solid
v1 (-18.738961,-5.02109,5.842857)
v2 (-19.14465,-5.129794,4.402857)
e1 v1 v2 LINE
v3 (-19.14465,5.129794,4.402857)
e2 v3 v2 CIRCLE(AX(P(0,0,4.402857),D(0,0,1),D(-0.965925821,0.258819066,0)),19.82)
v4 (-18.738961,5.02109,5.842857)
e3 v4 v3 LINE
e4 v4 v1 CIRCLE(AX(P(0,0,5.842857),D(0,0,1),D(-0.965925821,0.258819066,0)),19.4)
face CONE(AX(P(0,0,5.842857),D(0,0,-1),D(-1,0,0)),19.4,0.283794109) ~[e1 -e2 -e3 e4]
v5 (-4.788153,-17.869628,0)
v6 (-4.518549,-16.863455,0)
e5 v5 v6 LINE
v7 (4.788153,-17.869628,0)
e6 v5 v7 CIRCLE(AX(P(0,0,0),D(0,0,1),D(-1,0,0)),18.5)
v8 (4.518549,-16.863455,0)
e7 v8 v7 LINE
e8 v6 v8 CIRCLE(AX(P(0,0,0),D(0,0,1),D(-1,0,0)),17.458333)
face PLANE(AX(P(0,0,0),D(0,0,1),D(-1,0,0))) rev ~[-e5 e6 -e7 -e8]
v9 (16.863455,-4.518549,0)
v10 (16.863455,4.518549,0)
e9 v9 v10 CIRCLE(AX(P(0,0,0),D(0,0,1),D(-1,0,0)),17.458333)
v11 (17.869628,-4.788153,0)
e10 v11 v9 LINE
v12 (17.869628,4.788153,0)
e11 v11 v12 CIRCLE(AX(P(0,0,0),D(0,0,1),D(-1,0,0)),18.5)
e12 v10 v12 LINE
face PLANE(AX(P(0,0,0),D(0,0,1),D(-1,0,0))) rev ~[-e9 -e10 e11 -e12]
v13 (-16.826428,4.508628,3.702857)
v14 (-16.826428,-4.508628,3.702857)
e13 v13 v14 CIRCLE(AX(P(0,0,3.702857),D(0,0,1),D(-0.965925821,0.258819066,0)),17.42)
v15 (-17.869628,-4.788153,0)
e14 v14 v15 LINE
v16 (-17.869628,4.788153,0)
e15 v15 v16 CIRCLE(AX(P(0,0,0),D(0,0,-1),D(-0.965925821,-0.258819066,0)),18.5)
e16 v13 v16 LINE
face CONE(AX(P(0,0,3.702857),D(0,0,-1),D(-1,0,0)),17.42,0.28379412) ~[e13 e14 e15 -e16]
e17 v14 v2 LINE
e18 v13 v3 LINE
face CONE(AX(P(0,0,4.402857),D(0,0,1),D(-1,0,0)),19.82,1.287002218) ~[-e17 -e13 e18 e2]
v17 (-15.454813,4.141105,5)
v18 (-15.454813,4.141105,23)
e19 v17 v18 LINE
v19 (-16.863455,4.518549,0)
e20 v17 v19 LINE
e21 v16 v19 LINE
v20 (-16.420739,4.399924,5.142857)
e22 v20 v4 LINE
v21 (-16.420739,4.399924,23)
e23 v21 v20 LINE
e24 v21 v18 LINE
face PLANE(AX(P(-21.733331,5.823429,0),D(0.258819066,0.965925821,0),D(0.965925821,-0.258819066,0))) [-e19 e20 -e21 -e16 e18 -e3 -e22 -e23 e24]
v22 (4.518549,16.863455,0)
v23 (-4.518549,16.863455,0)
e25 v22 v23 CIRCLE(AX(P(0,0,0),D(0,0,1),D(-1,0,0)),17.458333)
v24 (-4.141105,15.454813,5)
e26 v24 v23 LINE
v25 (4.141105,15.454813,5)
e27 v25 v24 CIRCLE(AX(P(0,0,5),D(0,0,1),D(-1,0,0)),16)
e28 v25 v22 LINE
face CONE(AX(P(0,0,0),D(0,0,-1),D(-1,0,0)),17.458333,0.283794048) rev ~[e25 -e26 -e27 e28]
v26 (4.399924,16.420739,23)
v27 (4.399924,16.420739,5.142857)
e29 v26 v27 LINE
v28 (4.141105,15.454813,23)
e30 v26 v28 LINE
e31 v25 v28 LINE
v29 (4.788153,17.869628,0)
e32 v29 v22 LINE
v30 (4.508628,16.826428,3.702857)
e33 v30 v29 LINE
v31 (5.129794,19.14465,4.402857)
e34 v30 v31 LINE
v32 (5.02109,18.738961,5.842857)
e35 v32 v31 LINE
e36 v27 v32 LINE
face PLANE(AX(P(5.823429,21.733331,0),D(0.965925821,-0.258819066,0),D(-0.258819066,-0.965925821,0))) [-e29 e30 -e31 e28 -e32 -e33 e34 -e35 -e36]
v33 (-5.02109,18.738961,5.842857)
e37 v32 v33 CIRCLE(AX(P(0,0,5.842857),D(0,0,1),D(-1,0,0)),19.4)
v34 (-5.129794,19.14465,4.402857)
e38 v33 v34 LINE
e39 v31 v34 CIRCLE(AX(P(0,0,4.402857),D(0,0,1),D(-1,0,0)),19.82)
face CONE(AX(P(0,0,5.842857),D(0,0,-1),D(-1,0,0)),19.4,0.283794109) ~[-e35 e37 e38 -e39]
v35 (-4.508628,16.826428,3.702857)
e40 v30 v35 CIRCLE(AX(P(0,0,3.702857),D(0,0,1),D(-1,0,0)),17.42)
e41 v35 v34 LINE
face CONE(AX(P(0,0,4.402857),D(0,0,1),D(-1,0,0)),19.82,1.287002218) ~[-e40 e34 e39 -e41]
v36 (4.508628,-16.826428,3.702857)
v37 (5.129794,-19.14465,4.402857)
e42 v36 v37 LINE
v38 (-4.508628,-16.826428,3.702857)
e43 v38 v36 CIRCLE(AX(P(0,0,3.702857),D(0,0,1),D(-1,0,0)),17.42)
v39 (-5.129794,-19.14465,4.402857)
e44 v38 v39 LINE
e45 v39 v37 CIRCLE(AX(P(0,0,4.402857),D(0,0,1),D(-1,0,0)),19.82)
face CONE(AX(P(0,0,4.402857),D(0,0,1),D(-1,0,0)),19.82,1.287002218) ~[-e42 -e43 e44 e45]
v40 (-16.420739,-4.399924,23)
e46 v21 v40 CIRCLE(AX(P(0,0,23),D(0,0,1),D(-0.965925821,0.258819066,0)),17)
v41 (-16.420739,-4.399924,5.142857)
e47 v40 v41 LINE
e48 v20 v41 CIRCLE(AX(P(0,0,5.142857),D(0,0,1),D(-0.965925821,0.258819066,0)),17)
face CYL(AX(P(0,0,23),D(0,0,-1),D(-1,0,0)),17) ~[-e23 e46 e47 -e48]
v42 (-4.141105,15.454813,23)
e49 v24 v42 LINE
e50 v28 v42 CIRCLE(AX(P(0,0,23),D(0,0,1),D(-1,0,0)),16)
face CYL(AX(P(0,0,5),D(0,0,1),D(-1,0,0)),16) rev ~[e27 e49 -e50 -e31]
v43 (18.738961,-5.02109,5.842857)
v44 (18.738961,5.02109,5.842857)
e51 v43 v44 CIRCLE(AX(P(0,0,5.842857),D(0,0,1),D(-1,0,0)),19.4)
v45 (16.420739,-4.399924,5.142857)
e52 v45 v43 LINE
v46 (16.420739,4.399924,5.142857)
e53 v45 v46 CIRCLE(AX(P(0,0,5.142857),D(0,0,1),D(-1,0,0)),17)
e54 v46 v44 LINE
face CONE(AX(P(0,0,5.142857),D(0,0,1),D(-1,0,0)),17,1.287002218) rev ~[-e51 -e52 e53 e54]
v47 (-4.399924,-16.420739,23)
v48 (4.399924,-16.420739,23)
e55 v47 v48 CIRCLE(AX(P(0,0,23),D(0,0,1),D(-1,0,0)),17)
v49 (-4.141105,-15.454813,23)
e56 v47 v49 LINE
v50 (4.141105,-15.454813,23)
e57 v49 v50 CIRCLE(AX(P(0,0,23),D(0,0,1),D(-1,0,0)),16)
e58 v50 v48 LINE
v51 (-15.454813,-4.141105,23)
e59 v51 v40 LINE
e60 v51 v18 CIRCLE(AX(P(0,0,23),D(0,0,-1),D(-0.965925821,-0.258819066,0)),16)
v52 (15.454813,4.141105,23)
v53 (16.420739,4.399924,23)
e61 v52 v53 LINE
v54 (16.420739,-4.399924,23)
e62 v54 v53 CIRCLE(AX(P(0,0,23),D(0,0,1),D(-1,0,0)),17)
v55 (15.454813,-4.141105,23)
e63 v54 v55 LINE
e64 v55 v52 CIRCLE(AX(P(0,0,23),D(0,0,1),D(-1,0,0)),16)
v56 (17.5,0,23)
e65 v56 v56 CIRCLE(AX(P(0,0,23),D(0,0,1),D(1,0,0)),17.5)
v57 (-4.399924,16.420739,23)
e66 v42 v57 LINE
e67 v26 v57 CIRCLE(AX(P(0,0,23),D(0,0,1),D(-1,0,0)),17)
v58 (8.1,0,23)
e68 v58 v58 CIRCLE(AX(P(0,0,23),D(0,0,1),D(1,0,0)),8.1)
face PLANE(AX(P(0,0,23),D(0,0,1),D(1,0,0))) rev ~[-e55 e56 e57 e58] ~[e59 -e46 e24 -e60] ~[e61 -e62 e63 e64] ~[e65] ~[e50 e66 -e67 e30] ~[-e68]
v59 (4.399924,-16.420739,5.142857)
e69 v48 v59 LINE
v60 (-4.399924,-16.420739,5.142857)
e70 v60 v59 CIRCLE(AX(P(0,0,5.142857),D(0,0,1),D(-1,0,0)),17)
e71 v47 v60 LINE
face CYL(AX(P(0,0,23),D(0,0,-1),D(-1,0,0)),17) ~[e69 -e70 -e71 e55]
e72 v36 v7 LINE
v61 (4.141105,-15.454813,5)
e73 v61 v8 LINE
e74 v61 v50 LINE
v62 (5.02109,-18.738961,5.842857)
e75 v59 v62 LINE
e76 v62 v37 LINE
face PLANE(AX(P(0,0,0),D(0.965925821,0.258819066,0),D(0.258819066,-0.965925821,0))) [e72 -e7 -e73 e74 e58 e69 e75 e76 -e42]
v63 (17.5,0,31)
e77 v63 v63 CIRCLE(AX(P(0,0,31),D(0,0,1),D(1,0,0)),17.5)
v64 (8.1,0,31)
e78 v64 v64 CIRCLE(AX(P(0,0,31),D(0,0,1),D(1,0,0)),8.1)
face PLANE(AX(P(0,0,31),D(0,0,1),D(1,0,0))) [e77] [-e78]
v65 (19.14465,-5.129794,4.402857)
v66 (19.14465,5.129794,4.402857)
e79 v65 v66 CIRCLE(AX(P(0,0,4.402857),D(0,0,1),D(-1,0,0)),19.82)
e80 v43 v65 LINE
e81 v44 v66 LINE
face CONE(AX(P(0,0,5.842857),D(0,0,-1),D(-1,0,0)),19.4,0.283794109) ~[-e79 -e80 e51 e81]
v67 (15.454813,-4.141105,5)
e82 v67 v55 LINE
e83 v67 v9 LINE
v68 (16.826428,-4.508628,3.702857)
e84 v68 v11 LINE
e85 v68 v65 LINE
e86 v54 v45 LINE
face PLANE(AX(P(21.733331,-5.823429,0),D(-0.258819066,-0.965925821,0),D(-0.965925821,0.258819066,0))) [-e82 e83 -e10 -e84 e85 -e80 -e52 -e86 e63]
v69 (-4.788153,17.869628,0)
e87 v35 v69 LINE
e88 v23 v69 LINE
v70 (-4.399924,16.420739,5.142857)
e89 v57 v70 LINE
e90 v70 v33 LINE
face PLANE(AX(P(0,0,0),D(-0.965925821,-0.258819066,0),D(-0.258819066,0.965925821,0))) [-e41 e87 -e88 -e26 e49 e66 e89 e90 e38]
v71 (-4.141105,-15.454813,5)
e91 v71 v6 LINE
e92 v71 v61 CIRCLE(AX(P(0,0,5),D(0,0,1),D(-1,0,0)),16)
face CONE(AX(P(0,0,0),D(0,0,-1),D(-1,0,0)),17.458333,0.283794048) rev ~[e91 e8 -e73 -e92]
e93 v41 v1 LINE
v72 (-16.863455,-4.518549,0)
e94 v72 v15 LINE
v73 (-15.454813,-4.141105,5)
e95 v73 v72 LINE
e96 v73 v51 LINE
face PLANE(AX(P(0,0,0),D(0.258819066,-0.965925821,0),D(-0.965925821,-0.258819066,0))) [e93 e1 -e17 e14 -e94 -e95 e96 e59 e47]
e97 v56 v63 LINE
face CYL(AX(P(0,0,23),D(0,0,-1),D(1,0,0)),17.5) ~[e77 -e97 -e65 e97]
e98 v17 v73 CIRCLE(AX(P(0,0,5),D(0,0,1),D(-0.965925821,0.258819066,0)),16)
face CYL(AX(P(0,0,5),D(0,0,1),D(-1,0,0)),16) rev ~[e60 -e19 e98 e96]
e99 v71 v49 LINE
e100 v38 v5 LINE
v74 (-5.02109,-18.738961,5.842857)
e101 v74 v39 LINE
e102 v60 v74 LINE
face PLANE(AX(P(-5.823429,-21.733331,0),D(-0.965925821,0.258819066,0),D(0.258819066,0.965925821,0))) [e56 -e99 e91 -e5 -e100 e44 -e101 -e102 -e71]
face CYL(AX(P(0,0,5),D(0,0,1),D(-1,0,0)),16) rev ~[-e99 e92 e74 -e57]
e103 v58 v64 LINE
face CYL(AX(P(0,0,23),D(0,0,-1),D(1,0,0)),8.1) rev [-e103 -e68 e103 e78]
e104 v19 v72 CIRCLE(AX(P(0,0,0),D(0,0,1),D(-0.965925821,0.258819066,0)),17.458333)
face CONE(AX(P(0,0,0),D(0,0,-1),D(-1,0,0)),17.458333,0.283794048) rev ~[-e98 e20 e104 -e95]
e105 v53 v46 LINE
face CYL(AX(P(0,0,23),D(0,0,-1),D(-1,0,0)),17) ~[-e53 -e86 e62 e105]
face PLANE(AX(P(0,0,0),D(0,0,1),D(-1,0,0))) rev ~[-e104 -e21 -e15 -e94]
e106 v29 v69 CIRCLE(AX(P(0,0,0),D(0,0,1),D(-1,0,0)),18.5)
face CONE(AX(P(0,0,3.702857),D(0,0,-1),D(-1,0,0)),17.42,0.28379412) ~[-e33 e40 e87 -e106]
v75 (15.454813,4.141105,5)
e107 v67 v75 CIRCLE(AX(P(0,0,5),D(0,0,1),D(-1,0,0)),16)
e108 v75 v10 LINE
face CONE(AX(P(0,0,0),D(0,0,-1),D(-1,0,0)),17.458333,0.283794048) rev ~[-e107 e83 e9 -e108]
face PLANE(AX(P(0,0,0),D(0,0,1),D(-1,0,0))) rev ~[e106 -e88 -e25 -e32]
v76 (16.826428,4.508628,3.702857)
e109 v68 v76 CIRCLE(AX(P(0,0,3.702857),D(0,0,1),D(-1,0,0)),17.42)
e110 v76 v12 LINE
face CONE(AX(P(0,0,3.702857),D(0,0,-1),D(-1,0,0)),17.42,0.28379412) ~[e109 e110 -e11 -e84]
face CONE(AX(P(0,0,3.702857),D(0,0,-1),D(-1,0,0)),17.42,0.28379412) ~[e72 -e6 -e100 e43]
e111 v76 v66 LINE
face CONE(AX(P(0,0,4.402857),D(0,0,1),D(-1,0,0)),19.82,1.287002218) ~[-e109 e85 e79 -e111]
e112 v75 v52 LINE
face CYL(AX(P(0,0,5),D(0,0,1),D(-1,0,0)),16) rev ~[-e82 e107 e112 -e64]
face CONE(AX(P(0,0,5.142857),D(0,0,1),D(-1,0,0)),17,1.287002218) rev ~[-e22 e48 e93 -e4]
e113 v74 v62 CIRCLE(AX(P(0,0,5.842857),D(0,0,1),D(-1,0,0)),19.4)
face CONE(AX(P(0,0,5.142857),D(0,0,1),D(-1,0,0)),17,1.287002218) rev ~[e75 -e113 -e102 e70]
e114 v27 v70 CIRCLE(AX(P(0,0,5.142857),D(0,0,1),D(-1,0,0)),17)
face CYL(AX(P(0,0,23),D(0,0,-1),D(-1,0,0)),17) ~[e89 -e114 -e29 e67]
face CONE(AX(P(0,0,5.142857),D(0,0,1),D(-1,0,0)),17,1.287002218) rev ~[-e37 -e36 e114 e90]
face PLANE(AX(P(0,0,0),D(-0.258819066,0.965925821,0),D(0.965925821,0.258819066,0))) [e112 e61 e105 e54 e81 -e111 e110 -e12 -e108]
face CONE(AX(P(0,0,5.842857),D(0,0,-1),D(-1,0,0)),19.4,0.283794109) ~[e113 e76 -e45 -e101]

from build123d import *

# Parameters (mm, degrees)
F2_R     = 17.5
F2_R_2   = 8.1
F3_DEPTH = 8
F5_DEPTH = 23


with BuildPart() as f1:
    # F0 (on Front) → F1 (revolve)
    with BuildSketch(Plane.XZ):
        Polygon((-16, 5), (-16, 23), (-17, 23), (-17, 5.142857), (-17.42, 3.702857), (-18.5, 0), (-17.458333, 0), align=None)
        Polygon((-17.42, 3.702857), (-17, 5.142857), (-19.4, 5.842857), (-19.82, 4.402857), align=None)
    revolve(axis=Axis((0, 0, 7.142946), (0, 0, 1)))

    # F2 (on face) → F3 (join)
    with BuildSketch(Plane.XY.offset(23)):
        Circle(F2_R)
        Circle(F2_R_2, mode=Mode.SUBTRACT)
    extrude(amount=F3_DEPTH)

    # F4 (on Top) → F5 (cut, through all)
    with BuildSketch(Plane.XY):
        with BuildLine():
            Line((0, 0), (-21.733331, -5.823429))
            ThreePointArc((-21.733331, -5.823429), (-15.909903, -15.909903), (-5.823429, -21.733331))
            Line((-5.823429, -21.733331), (0, 0))
        make_face()
        with BuildLine():
            Line((-21.733331, 5.823429), (0, 0))
            Line((0, 0), (-5.823429, 21.733331))
            ThreePointArc((-5.823429, 21.733331), (-15.909903, 15.909903), (-21.733331, 5.823429))
        make_face()
        with BuildLine():
            Line((5.823429, 21.733331), (0, 0))
            Line((0, 0), (21.733331, 5.823429))
            ThreePointArc((21.733331, 5.823429), (15.909903, 15.909903), (5.823429, 21.733331))
        make_face()
        with BuildLine():
            Line((21.733331, -5.823429), (0, 0))
            Line((0, 0), (5.823429, -21.733331))
            ThreePointArc((5.823429, -21.733331), (15.909903, -15.909903), (21.733331, -5.823429))
        make_face()
    extrude(amount=F5_DEPTH, mode=Mode.SUBTRACT)


solid = f1.part
